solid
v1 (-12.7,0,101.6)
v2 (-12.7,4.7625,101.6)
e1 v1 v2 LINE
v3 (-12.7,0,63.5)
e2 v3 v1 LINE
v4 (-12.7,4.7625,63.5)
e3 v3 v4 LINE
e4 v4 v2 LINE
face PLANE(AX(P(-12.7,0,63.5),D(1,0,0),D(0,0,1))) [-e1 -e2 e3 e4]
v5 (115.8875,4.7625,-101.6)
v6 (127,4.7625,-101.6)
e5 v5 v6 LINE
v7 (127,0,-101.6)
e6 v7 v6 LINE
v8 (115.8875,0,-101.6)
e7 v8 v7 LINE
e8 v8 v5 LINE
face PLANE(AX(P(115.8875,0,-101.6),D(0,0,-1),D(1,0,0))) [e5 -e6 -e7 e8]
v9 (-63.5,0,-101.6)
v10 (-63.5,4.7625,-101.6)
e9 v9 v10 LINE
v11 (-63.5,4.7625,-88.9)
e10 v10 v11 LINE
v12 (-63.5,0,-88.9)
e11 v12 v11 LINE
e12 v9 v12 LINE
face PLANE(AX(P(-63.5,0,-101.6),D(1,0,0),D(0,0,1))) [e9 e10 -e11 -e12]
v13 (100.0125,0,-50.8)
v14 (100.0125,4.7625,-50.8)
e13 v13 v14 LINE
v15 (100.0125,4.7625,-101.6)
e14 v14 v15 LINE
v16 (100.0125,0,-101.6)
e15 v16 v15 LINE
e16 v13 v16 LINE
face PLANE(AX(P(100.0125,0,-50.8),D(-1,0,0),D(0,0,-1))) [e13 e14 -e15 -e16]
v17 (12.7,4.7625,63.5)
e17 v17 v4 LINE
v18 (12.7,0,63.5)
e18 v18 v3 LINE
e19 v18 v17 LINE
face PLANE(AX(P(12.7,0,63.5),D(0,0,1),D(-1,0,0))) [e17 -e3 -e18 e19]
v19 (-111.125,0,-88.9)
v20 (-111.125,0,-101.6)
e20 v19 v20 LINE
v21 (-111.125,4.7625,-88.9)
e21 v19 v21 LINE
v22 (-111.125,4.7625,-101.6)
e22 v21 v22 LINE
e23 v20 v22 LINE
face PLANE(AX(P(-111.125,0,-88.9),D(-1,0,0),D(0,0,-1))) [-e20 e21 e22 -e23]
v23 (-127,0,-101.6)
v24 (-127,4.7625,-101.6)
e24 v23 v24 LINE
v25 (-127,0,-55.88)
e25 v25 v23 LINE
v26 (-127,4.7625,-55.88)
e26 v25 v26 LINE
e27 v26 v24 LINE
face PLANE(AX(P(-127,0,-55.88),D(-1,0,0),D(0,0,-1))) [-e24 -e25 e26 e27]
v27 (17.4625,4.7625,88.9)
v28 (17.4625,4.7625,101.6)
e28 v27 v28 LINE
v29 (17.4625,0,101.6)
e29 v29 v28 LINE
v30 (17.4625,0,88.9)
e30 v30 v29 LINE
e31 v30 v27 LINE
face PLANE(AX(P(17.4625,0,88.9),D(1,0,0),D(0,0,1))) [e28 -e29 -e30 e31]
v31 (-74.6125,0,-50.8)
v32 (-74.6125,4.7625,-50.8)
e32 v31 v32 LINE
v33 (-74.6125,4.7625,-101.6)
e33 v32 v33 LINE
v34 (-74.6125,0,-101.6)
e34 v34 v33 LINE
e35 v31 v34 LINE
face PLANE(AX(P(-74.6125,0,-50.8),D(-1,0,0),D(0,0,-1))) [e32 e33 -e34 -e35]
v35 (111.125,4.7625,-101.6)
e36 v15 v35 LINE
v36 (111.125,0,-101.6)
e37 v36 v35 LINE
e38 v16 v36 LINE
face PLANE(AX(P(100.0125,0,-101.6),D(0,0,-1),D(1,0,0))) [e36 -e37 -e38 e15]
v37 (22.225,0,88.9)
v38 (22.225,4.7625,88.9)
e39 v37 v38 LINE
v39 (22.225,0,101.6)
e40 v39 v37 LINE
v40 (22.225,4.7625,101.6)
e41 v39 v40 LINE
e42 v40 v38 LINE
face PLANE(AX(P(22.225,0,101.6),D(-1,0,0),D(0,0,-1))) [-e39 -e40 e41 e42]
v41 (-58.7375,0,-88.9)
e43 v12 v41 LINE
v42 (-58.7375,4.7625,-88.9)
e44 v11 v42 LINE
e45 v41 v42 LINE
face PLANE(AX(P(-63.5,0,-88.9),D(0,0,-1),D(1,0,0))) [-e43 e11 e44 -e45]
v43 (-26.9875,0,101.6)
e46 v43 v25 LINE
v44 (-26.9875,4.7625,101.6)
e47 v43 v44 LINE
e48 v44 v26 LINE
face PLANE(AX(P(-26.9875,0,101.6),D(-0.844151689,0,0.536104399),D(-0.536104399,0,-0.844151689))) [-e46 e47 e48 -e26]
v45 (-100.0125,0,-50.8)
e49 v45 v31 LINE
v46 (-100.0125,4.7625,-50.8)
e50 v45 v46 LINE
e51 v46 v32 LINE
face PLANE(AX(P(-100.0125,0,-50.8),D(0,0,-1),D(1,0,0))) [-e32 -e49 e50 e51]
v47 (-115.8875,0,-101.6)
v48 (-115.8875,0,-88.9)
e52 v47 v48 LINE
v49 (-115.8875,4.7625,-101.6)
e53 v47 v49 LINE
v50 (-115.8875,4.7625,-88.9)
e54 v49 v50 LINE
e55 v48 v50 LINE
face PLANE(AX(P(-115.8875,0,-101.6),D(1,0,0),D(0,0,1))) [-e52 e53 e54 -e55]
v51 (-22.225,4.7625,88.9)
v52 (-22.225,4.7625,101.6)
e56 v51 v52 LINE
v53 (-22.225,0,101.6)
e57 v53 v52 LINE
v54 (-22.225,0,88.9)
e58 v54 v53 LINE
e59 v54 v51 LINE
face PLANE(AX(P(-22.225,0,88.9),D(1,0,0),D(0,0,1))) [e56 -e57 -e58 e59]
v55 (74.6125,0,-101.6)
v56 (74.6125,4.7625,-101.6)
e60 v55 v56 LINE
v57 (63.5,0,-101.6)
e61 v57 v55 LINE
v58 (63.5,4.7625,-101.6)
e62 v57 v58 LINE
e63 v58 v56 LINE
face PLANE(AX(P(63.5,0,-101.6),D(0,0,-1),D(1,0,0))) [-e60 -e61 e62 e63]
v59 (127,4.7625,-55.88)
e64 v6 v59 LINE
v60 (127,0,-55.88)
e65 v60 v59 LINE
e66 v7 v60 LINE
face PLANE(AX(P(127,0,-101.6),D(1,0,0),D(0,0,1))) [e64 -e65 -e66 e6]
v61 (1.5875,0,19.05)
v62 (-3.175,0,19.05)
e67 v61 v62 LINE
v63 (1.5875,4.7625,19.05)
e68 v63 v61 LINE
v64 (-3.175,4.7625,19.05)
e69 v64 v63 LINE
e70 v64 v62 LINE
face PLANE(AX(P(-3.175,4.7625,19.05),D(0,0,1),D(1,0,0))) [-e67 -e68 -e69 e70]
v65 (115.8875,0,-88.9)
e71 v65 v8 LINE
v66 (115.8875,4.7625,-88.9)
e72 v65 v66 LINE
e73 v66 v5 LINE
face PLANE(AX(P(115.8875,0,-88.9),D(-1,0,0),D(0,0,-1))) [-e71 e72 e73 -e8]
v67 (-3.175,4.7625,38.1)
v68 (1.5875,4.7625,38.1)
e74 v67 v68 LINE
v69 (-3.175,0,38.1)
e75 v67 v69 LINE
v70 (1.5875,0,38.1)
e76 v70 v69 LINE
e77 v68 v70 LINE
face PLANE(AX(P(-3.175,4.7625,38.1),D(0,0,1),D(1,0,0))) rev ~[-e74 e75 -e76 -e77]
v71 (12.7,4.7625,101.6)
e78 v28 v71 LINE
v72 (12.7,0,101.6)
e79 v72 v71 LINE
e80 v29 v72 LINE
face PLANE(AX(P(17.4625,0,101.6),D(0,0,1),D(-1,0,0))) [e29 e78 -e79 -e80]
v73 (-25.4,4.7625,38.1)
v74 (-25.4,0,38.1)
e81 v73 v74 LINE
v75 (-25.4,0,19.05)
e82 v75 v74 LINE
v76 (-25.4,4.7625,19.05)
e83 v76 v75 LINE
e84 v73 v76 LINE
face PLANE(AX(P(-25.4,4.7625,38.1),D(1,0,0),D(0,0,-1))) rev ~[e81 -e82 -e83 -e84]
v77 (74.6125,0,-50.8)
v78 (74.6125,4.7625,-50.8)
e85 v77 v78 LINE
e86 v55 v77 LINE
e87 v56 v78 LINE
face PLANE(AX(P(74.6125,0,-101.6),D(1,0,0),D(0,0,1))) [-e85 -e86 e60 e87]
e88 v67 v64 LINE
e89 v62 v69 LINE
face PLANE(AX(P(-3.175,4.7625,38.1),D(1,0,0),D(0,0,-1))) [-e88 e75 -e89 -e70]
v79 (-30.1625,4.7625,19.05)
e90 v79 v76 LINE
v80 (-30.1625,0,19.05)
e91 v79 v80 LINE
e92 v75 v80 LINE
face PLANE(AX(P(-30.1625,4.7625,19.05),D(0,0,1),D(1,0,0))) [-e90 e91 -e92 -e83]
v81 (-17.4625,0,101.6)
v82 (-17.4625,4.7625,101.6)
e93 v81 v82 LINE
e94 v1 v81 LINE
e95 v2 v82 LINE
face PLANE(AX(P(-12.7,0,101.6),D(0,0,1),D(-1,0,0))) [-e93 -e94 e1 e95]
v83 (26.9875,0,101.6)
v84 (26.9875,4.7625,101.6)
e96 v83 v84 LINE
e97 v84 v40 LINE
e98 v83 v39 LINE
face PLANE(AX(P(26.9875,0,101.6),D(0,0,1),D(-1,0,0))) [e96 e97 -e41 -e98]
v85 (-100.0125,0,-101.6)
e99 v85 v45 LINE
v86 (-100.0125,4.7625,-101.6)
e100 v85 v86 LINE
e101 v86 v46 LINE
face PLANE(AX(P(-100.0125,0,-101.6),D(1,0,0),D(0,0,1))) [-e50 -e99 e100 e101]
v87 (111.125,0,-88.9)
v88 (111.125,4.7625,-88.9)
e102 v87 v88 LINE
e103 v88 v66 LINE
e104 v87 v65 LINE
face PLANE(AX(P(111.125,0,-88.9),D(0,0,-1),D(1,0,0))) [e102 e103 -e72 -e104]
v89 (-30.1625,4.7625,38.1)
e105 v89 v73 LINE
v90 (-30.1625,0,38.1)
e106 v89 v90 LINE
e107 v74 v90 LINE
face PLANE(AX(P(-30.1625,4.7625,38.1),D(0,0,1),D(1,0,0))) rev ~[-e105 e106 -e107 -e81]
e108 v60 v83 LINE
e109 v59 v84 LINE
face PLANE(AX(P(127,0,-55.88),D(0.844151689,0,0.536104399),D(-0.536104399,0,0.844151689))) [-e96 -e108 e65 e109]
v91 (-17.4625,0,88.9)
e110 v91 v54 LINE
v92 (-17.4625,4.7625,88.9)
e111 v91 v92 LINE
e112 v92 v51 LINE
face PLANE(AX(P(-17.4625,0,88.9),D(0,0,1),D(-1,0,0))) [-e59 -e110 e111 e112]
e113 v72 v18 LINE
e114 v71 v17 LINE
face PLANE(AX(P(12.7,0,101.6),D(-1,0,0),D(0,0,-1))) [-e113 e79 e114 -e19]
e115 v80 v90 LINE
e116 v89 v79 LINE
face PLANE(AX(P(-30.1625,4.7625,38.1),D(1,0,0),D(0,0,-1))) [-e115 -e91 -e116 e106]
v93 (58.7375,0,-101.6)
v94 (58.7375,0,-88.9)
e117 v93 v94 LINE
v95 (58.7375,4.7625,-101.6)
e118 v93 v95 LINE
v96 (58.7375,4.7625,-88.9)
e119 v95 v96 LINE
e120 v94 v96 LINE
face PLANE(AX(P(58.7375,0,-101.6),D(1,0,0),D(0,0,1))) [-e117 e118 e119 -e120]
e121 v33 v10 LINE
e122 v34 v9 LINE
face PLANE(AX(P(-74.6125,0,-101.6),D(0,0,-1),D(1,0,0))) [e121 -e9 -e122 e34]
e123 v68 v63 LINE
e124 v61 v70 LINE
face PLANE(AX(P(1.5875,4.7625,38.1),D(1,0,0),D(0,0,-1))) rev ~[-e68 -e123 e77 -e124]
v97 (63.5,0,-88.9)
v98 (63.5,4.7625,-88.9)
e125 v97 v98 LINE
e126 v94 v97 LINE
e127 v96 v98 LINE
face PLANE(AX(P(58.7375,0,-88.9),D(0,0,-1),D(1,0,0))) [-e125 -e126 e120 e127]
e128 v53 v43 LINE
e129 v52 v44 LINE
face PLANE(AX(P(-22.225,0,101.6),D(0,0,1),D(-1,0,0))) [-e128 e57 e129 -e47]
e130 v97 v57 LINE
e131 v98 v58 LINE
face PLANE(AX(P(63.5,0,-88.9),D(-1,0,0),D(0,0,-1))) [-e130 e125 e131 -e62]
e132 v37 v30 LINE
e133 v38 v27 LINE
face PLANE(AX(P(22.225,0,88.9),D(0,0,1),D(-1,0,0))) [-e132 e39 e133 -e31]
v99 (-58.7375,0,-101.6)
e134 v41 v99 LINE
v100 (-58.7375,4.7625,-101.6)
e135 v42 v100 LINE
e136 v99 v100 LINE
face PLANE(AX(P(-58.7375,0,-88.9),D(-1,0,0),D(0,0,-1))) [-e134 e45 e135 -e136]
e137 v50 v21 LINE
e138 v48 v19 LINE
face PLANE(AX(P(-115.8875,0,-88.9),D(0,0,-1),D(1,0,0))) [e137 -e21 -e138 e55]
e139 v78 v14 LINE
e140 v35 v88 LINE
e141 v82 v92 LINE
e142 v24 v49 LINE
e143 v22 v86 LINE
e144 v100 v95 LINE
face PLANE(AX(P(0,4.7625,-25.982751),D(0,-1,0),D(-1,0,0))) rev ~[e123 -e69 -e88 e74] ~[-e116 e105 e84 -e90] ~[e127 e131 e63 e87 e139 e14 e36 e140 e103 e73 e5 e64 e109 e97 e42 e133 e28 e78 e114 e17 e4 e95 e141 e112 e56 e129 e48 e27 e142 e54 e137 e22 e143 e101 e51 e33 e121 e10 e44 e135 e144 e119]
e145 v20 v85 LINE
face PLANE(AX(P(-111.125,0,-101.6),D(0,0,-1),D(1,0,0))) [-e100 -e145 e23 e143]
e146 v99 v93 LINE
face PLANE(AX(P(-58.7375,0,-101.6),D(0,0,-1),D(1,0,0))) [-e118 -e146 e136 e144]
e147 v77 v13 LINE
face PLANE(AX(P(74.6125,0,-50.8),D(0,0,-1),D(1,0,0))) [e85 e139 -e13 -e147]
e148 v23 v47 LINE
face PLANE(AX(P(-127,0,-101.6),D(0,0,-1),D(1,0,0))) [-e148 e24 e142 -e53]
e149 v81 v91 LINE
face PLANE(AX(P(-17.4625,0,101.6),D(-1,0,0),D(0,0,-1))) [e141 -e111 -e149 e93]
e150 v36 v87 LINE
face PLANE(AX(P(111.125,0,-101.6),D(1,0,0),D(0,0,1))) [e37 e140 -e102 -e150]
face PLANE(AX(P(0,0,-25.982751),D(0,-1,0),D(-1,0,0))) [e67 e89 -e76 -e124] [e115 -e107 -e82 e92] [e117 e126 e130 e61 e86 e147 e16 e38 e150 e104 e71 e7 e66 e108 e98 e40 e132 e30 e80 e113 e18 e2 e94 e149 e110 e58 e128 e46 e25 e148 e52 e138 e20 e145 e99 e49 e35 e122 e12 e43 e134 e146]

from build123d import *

# Parameters (mm, degrees)
BOSS_EXTRUDE1_DEPTH = 4.7625
SKETCH2_W           = 4.7625
SKETCH2_H           = 19.05
CUT_EXTRUDE1_DEPTH  = 163.709069834


with BuildPart() as part:
    # Sketch1 → Boss-Extrude1 (new body)
    with BuildSketch(Plane(origin=(0, 0, 0), x_dir=(1, 0, 0), z_dir=(0, 1, 0))):
        Polygon((12.7, -63.5), (-12.7, -63.5), (-12.7, -101.6), (-17.4625, -101.6), (-17.4625, -88.9), (-22.225, -88.9), (-22.225, -101.6), (-26.9875, -101.6), (-127, 55.88), (-127, 101.6), (-115.8875, 101.6), (-115.8875, 88.9), (-111.125, 88.9), (-111.125, 101.6), (-100.0125, 101.6), (-100.0125, 50.8), (-74.6125, 50.8), (-74.6125, 101.6), (-63.5, 101.6), (-63.5, 88.9), (-58.7375, 88.9), (-58.7375, 101.6), (58.7375, 101.6), (58.7375, 88.9), (63.5, 88.9), (63.5, 101.6), (74.6125, 101.6), (74.6125, 50.8), (100.0125, 50.8), (100.0125, 101.6), (111.125, 101.6), (111.125, 88.9), (115.8875, 88.9), (115.8875, 101.6), (127, 101.6), (127, 55.88), (26.9875, -101.6), (22.225, -101.6), (22.225, -88.9), (17.4625, -88.9), (17.4625, -101.6), (12.7, -101.6), align=None)
    extrude(amount=BOSS_EXTRUDE1_DEPTH)

    # Sketch2 → Cut-Extrude1 (cut, through all)
    with BuildSketch(Plane(origin=(0, 4.7625, 0), x_dir=(1, 0, 0), z_dir=(0, 1, 0))):
        with Locations((-27.78125, -28.575)):
            Rectangle(SKETCH2_W, SKETCH2_H)
        with Locations((-0.79375, -28.575)):
            Rectangle(SKETCH2_W, SKETCH2_H)
    extrude(amount=-CUT_EXTRUDE1_DEPTH, mode=Mode.SUBTRACT)


solid = part.part
